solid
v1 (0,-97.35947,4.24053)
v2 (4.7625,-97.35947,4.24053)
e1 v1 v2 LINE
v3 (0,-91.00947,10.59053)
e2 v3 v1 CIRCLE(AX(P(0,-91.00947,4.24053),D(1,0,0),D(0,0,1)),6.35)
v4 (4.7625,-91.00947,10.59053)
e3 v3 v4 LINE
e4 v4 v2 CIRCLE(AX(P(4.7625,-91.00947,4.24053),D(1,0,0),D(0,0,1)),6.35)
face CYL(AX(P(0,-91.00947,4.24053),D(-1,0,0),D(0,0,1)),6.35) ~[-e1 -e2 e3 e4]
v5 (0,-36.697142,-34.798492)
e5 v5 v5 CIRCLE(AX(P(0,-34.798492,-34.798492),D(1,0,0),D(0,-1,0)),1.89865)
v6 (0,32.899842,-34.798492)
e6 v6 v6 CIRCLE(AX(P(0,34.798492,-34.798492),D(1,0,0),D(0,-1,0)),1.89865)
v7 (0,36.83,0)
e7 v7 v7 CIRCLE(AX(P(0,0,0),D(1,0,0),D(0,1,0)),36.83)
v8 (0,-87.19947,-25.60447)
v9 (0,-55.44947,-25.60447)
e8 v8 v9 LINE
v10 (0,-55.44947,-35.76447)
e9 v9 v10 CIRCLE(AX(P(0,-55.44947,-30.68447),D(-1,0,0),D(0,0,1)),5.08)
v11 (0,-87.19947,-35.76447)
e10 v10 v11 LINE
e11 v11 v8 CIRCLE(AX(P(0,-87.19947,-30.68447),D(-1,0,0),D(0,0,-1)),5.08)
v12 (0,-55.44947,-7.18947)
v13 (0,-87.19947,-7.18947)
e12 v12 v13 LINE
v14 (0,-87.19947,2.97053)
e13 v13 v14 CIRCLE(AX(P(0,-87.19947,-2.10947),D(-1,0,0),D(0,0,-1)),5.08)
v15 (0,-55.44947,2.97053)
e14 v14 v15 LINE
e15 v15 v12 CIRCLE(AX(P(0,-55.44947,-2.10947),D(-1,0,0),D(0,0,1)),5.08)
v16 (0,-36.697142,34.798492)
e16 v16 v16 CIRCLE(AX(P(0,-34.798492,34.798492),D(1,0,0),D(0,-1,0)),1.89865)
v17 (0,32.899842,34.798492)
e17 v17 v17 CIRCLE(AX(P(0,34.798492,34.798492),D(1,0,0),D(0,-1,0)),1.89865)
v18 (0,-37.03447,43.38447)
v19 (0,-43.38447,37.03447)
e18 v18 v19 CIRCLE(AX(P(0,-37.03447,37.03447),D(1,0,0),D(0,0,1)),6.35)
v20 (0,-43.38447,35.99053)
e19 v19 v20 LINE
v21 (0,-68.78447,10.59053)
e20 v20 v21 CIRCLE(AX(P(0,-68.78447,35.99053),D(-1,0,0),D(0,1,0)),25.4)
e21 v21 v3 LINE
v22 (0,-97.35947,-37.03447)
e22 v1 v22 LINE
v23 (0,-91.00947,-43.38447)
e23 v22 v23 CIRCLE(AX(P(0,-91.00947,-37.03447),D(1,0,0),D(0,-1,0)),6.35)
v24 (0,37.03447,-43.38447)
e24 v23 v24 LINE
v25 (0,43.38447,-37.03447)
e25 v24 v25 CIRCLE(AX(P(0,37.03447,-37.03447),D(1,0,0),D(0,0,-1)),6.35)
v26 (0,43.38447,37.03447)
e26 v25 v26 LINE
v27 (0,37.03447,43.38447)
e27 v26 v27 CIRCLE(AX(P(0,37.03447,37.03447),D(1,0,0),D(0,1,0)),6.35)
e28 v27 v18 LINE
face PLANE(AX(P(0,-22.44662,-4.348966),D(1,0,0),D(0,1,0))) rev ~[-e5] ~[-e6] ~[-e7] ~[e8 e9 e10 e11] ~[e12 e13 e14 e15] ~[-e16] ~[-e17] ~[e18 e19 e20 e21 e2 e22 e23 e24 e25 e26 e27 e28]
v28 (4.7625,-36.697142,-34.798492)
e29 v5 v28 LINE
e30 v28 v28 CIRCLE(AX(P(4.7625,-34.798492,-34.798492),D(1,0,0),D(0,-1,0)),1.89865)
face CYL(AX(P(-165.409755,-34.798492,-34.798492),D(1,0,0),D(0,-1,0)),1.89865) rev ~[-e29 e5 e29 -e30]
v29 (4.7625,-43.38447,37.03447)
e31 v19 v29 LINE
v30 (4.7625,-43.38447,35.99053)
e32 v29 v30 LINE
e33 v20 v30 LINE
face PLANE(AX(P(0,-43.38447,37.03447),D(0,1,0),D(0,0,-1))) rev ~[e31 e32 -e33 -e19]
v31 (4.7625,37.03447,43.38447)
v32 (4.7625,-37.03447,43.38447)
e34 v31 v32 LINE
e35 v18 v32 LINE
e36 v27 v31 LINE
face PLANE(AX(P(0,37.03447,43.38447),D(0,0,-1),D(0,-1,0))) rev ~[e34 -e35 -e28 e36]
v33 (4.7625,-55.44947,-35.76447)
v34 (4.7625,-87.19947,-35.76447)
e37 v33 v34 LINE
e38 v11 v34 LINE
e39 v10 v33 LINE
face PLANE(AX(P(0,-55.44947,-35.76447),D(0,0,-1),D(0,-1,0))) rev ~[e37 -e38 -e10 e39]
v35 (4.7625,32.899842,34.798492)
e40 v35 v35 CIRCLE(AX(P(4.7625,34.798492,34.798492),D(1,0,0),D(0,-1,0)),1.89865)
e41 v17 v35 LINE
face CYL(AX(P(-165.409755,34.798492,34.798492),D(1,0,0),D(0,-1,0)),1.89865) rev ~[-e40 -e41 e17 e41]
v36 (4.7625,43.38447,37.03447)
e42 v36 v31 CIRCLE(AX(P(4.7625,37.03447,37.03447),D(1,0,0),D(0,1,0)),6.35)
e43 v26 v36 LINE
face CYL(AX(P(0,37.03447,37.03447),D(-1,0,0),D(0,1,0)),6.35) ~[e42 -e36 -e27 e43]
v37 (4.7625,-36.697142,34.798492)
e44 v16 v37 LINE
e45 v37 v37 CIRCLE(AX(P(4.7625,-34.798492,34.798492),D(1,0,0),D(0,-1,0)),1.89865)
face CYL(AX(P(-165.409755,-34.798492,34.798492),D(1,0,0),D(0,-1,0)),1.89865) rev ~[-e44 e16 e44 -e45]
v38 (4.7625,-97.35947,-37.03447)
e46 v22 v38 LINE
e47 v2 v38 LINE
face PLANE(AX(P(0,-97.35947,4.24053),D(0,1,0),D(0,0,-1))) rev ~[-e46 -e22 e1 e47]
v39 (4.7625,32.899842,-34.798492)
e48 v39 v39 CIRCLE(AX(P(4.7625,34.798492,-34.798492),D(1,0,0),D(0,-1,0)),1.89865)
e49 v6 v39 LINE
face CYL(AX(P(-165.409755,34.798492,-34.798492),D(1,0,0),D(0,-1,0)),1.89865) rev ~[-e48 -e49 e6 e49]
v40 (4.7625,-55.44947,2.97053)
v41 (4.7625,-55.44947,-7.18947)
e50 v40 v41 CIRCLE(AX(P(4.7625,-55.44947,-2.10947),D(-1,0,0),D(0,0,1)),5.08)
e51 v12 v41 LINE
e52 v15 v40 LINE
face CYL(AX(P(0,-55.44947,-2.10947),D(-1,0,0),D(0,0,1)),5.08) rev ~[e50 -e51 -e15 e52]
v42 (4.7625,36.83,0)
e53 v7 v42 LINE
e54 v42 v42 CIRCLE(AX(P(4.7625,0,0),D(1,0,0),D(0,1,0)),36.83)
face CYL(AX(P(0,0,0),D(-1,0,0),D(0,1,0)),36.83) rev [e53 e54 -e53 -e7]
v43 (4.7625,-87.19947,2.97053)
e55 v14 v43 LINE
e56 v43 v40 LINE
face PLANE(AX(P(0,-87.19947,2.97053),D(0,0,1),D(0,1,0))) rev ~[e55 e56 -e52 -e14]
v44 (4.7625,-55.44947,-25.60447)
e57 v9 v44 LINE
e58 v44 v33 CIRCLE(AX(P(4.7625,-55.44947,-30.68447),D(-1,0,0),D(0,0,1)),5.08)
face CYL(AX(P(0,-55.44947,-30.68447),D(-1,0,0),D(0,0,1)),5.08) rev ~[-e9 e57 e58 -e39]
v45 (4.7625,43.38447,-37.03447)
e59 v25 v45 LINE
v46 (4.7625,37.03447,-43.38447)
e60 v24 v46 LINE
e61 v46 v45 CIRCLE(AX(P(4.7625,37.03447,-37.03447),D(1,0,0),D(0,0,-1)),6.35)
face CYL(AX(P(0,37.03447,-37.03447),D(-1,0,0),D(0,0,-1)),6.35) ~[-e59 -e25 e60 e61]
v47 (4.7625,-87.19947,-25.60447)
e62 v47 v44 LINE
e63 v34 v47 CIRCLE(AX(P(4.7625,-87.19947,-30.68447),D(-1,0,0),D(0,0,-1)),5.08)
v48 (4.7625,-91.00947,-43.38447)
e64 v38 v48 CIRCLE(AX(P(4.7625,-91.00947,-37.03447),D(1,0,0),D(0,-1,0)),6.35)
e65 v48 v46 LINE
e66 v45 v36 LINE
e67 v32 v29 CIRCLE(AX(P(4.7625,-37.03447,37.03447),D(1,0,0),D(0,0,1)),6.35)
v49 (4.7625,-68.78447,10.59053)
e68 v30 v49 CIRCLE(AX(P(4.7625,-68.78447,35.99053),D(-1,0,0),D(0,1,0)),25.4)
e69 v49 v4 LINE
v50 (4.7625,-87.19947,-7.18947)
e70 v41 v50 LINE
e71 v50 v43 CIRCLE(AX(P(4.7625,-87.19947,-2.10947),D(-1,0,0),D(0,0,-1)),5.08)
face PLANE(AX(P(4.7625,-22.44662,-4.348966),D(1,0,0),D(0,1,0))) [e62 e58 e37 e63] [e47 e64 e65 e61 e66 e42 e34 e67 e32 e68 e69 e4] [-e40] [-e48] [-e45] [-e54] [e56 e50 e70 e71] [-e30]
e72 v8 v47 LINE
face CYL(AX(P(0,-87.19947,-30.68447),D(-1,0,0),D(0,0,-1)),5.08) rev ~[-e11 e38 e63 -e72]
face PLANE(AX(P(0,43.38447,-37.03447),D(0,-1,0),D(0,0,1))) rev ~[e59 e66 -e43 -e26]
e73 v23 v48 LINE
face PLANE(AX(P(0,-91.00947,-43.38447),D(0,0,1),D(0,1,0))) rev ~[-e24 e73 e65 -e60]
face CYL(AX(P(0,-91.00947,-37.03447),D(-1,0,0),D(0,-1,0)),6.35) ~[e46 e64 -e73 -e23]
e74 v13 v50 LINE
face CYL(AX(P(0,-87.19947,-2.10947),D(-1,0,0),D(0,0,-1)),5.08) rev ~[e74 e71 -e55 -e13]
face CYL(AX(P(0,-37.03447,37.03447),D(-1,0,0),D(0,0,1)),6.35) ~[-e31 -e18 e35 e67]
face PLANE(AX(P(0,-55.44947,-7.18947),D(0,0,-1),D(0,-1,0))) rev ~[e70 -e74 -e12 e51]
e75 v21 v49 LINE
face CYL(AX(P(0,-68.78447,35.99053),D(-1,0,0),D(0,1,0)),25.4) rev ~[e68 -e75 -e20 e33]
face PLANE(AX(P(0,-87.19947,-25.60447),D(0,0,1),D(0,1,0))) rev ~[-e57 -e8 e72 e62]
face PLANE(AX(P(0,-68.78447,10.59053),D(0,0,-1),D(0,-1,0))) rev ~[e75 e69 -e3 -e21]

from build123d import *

# Parameters (mm, degrees)
F0_R     = 36.83
F1_DEPTH = 4.7625
F2_D     = 3.7973


with BuildPart() as f1:
    # F0 (on Right) → F1 (new body)
    with BuildSketch(Plane.YZ):
        with BuildLine():
            ThreePointArc((43.38447, 37.03447), (41.5245980605, 41.5245980605), (37.03447, 43.38447))
            Line((37.03447, 43.38447), (-37.03447, 43.38447))
            ThreePointArc((-37.03447, 43.38447), (-41.5245980605, 41.5245980605), (-43.38447, 37.03447))
            Line((-43.38447, 37.03447), (-43.38447, 35.99053))
            ThreePointArc((-43.38447, 35.99053), (-50.8239577579, 18.0300177579), (-68.78447, 10.59053))
            Line((-68.78447, 10.59053), (-91.00947, 10.59053))
            ThreePointArc((-91.00947, 10.59053), (-95.4995980605, 8.7306580605), (-97.35947, 4.24053))
            Line((-97.35947, 4.24053), (-97.35947, -37.03447))
            ThreePointArc((-97.35947, -37.03447), (-95.4995980605, -41.5245980605), (-91.00947, -43.38447))
            Line((-91.00947, -43.38447), (-43.38447, -43.38447))
            Line((-43.38447, -43.38447), (37.03447, -43.38447))
            ThreePointArc((37.03447, -43.38447), (41.5245980605, -41.5245980605), (43.38447, -37.03447))
            Line((43.38447, -37.03447), (43.38447, 37.03447))
        make_face()
        with BuildLine():
            Line((-55.44947, -35.76447), (-87.19947, -35.76447))
            ThreePointArc((-87.19947, -35.76447), (-92.27947, -30.68447), (-87.19947, -25.60447))
            Line((-87.19947, -25.60447), (-55.44947, -25.60447))
            ThreePointArc((-55.44947, -25.60447), (-50.36947, -30.68447), (-55.44947, -35.76447))
        make_face(mode=Mode.SUBTRACT)
        with BuildLine():
            Line((-55.44947, -7.18947), (-87.19947, -7.18947))
            ThreePointArc((-87.19947, -7.18947), (-92.27947, -2.10947), (-87.19947, 2.97053))
            Line((-87.19947, 2.97053), (-55.44947, 2.97053))
            ThreePointArc((-55.44947, 2.97053), (-50.36947, -2.10947), (-55.44947, -7.18947))
        make_face(mode=Mode.SUBTRACT)
        Circle(F0_R, mode=Mode.SUBTRACT)
    extrude(amount=F1_DEPTH)

    # F2 (through all)
    with Locations(Plane(origin=(0, 0, 0), x_dir=(0, 1, 0), z_dir=(-1, 0, 0))):
        with Locations((34.7984924691, -34.7984924691), (34.7984924691, 34.7984924691), (-34.7984924691, 34.7984924691), (-34.7984924691, -34.7984924691)):
            Hole(F2_D / 2)


solid = f1.part
